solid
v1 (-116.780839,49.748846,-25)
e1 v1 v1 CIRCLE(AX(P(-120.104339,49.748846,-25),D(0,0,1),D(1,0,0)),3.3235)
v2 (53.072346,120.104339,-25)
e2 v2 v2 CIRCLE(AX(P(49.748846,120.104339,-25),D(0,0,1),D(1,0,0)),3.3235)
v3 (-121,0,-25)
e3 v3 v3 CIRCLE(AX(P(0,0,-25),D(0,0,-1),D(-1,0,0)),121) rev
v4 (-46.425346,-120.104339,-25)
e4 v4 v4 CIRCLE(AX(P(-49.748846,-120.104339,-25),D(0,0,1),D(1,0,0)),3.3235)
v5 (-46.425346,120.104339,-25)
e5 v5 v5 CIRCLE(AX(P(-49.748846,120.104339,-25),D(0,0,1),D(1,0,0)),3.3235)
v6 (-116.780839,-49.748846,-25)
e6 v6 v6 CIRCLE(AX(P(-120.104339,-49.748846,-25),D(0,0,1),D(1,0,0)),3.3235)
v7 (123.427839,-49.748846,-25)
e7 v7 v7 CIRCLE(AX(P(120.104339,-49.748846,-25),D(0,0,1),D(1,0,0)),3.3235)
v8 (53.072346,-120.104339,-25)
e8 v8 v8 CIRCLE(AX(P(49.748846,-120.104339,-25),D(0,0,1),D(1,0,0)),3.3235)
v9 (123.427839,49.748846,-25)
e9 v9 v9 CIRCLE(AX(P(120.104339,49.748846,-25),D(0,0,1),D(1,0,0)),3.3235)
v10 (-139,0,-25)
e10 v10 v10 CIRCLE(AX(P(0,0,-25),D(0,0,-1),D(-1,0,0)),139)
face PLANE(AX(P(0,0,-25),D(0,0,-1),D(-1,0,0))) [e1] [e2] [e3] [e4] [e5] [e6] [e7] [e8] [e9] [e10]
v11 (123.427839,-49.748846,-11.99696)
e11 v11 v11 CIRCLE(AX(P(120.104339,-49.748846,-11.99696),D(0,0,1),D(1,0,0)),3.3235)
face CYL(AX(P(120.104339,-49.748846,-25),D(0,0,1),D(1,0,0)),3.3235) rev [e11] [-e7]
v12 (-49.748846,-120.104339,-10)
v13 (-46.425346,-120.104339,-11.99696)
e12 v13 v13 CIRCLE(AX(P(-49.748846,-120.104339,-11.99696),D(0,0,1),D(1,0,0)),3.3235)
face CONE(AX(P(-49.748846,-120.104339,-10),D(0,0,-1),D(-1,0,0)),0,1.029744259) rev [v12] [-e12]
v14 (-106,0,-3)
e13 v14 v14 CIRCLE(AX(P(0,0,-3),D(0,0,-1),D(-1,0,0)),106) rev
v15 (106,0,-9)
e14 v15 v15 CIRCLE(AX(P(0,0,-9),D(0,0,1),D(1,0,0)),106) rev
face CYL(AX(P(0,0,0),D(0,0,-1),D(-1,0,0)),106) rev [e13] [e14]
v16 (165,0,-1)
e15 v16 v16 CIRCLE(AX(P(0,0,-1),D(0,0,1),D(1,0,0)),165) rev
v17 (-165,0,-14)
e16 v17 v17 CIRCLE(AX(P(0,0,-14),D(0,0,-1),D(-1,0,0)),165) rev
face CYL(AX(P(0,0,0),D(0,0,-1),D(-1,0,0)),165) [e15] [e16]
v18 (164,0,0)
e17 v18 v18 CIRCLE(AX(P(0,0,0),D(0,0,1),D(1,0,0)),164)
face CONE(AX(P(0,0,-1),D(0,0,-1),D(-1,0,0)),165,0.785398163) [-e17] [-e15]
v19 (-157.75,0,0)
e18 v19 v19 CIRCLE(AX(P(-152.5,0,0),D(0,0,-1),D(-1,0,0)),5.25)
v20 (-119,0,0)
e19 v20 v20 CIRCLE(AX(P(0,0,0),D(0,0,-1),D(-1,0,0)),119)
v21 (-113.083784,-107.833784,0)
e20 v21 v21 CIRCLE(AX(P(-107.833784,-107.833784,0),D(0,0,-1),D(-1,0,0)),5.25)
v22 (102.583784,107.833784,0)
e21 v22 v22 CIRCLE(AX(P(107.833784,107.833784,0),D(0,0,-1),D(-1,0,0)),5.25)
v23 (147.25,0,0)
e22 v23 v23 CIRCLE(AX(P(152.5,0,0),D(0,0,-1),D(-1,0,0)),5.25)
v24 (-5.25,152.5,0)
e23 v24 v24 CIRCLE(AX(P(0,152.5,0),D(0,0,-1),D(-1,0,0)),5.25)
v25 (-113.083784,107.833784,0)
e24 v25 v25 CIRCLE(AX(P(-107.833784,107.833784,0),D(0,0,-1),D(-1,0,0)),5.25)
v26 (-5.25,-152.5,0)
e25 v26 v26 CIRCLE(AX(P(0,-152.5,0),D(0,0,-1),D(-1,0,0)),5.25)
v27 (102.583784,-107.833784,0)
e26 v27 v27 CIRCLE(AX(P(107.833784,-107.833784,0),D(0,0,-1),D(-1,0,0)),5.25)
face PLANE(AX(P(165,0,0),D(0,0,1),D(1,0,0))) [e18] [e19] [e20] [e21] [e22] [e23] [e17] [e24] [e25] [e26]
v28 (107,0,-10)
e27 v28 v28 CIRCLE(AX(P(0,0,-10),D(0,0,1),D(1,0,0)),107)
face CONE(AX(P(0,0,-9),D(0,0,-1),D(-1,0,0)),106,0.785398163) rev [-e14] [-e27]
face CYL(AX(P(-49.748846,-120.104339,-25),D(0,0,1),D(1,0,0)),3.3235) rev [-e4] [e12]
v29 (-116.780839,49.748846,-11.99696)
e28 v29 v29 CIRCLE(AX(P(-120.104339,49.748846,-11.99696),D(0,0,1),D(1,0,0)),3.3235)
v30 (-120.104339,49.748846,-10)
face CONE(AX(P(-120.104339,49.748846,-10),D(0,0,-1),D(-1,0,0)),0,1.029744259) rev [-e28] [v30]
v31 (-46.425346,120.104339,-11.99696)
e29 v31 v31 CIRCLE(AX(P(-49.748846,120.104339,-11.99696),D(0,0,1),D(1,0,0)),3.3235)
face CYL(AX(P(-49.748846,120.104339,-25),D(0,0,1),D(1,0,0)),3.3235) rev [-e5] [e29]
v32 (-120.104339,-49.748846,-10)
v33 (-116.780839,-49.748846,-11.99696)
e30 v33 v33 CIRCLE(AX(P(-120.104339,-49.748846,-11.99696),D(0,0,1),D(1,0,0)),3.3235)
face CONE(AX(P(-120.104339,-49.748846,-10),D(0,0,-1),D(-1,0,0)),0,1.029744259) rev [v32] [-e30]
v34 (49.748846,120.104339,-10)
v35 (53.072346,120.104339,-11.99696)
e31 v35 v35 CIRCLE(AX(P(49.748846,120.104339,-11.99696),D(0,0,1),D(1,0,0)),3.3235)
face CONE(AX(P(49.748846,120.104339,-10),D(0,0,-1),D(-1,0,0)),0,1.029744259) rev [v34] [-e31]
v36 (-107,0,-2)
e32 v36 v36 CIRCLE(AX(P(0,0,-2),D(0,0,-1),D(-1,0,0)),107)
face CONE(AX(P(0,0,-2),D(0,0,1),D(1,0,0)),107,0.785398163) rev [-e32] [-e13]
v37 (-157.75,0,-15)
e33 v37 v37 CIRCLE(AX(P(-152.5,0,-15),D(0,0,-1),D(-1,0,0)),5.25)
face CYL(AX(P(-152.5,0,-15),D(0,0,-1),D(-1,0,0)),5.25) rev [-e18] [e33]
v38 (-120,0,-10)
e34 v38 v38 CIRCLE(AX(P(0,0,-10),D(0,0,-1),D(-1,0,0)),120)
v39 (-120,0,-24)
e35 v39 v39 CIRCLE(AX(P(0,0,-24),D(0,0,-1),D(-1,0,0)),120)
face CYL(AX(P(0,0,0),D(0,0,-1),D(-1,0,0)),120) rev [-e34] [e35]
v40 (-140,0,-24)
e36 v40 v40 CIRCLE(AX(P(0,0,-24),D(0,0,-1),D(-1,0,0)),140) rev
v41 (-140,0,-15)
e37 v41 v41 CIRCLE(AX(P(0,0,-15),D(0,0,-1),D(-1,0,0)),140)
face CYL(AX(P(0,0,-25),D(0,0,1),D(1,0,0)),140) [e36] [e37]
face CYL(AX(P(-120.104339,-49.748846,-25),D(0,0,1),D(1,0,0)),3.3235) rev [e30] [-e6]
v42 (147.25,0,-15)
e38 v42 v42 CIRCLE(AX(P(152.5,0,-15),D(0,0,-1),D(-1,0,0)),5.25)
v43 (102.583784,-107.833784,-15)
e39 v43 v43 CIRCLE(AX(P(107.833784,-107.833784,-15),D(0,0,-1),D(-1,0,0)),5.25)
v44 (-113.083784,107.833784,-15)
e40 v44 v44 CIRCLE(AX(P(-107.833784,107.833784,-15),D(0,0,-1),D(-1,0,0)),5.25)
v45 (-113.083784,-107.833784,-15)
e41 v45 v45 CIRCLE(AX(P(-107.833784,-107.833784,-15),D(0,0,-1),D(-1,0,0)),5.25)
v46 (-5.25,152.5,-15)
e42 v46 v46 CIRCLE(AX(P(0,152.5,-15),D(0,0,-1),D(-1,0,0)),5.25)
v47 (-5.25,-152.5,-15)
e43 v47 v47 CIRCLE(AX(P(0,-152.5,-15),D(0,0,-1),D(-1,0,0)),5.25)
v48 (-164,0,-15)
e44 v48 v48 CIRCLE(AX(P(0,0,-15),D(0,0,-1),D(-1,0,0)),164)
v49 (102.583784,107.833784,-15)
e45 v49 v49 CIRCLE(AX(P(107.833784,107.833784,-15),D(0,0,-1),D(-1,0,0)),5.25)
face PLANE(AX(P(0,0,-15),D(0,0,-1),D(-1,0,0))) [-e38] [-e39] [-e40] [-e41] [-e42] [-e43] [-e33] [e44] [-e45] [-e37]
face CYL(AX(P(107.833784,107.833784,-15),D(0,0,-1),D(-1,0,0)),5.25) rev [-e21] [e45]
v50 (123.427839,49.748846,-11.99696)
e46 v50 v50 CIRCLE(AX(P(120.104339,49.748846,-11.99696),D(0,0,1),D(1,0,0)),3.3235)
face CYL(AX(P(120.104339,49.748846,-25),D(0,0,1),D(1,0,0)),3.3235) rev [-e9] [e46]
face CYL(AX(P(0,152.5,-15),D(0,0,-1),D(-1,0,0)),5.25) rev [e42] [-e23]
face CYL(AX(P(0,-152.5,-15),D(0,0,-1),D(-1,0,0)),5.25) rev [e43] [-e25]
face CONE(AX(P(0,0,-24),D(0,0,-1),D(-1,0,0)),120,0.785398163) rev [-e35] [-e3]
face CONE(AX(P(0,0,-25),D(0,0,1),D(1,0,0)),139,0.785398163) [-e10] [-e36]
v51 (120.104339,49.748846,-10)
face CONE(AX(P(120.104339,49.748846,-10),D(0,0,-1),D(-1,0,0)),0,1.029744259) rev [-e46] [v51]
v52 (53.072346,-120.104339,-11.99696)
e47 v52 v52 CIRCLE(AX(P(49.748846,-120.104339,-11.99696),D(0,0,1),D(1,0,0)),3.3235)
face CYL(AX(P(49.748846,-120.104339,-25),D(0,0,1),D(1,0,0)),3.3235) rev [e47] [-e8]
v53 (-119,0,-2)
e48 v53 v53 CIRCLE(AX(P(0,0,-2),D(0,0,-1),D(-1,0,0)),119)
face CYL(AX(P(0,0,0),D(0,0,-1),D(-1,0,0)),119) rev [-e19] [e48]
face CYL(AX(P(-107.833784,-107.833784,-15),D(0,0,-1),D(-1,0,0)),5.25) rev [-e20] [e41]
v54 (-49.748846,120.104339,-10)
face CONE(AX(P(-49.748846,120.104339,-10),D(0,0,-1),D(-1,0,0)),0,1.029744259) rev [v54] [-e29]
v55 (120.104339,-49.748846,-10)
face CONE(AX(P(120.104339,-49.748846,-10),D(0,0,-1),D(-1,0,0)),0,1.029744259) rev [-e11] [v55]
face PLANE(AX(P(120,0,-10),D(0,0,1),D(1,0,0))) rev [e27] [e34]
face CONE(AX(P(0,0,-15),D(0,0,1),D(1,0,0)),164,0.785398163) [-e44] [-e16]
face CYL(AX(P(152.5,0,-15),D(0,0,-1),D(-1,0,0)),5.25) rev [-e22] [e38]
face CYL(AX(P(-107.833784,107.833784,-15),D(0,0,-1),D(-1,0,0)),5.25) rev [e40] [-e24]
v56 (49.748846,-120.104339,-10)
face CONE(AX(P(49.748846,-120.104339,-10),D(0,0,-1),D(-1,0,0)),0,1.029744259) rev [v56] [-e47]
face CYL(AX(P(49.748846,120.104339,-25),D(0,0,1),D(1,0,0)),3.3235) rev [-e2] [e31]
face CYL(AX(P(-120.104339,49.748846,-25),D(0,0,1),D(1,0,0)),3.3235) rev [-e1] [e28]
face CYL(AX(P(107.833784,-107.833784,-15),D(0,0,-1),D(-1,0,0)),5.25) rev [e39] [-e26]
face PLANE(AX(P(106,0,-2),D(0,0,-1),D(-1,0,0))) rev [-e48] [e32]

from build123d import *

# Parameters (mm, degrees)
SKETCH1_W                    = 165
SKETCH1_H                    = 15
SKETCH2_R                    = 140
BOSS_EXTRUDE1_DEPTH          = 10
F_10_5_10_5_DIAMETER_HOLE1_D = 10.5
CHAMFER1_SIZE                = 1


with BuildPart() as part:
    # Sketch1 → Revolve1 (revolve)
    with BuildSketch(Plane.XZ, mode=Mode.PRIVATE) as revolve1_sk:
        with Locations((82.5, -7.5)):
            Rectangle(SKETCH1_W, SKETCH1_H)
    revolve(revolve1_sk.sketch.rotate(Axis((0, 0, 0), (0, 0, -1)), 180), axis=Axis((0, 0, 0), (0, 0, -1)))

    # Sketch2 → Boss-Extrude1 (add)
    with BuildSketch(Plane(origin=(0, 0, -15), x_dir=(-1, 0, 0), z_dir=(0, 0, -1))):
        Circle(SKETCH2_R)
    extrude(amount=BOSS_EXTRUDE1_DEPTH)

    # Sketch3 → Cut-Revolve1 (revolve, cut)
    with BuildSketch(Plane.XZ, mode=Mode.PRIVATE) as cut_revolve1_sk:
        Polygon((119, 0), (0, 0), (0, -25), (120, -25), (120, -10), (106, -10), (106, -2), (119, -2), align=None)
    revolve(cut_revolve1_sk.sketch.rotate(Axis((0, 0, 0), (0, 0, -1)), 180), axis=Axis((0, 0, 0), (0, 0, -1)), mode=Mode.SUBTRACT)

    # Sketch4 → Cut-Revolve2 (revolve, cut)
    with BuildSketch(Plane(origin=(0, -49.748846207, 0), x_dir=(1, 0, 0), z_dir=(0, 1, 0)), mode=Mode.PRIVATE) as cut_revolve2_sk:
        Polygon((-116.780839226, 25), (-120.104339226, 25), (-120.104339226, 10), (-116.780839226, 11.996960267), (-116.780839226, 15), align=None)
    revolve(cut_revolve2_sk.sketch.rotate(Axis((-120.104339226, -49.748846207, -25), (0, 0, 1)), 180), axis=Axis((-120.104339226, -49.748846207, -25), (0, 0, 1)), mode=Mode.SUBTRACT)

    # Sketch5 → Cut-Revolve3 (revolve, cut)
    with BuildSketch(Plane(origin=(0, -120.104339226, 0), x_dir=(1, 0, 0), z_dir=(0, 1, 0)), mode=Mode.PRIVATE) as cut_revolve3_sk:
        Polygon((-46.425346207, 25), (-49.748846207, 25), (-49.748846207, 10), (-46.425346207, 11.996960267), (-46.425346207, 15), align=None)
    revolve(cut_revolve3_sk.sketch.rotate(Axis((-49.748846207, -120.104339226, -25), (0, 0, 1)), 180), axis=Axis((-49.748846207, -120.104339226, -25), (0, 0, 1)), mode=Mode.SUBTRACT)

    # Sketch6 → Cut-Revolve4 (revolve, cut)
    with BuildSketch(Plane(origin=(0, -120.104339226, 0), x_dir=(1, 0, 0), z_dir=(0, 1, 0)), mode=Mode.PRIVATE) as cut_revolve4_sk:
        Polygon((53.072346207, 25), (49.748846207, 25), (49.748846207, 10), (53.072346207, 11.996960267), (53.072346207, 15), align=None)
    revolve(cut_revolve4_sk.sketch.rotate(Axis((49.748846207, -120.104339226, -25), (0, 0, 1)), 180), axis=Axis((49.748846207, -120.104339226, -25), (0, 0, 1)), mode=Mode.SUBTRACT)

    # Sketch7 → Cut-Revolve5 (revolve, cut)
    with BuildSketch(Plane(origin=(0, -49.748846207, 0), x_dir=(1, 0, 0), z_dir=(0, 1, 0)), mode=Mode.PRIVATE) as cut_revolve5_sk:
        Polygon((123.427839226, 25), (120.104339226, 25), (120.104339226, 10), (123.427839226, 11.996960267), (123.427839226, 15), align=None)
    revolve(cut_revolve5_sk.sketch.rotate(Axis((120.104339226, -49.748846207, -25), (0, 0, 1)), 180), axis=Axis((120.104339226, -49.748846207, -25), (0, 0, 1)), mode=Mode.SUBTRACT)

    # Sketch8 → Cut-Revolve6 (revolve, cut)
    with BuildSketch(Plane(origin=(0, 49.748846207, 0), x_dir=(1, 0, 0), z_dir=(0, 1, 0)), mode=Mode.PRIVATE) as cut_revolve6_sk:
        Polygon((123.427839226, 25), (120.104339226, 25), (120.104339226, 10), (123.427839226, 11.996960267), (123.427839226, 15), align=None)
    revolve(cut_revolve6_sk.sketch.rotate(Axis((120.104339226, 49.748846207, -25), (0, 0, 1)), 180), axis=Axis((120.104339226, 49.748846207, -25), (0, 0, 1)), mode=Mode.SUBTRACT)

    # Sketch9 → Cut-Revolve7 (revolve, cut)
    with BuildSketch(Plane(origin=(0, 120.104339226, 0), x_dir=(1, 0, 0), z_dir=(0, 1, 0)), mode=Mode.PRIVATE) as cut_revolve7_sk:
        Polygon((53.072346207, 25), (49.748846207, 25), (49.748846207, 10), (53.072346207, 11.996960267), (53.072346207, 15), align=None)
    revolve(cut_revolve7_sk.sketch.rotate(Axis((49.748846207, 120.104339226, -25), (0, 0, 1)), 180), axis=Axis((49.748846207, 120.104339226, -25), (0, 0, 1)), mode=Mode.SUBTRACT)

    # Sketch10 → Cut-Revolve8 (revolve, cut)
    with BuildSketch(Plane(origin=(0, 120.104339226, 0), x_dir=(1, 0, 0), z_dir=(0, 1, 0)), mode=Mode.PRIVATE) as cut_revolve8_sk:
        Polygon((-46.425346207, 25), (-49.748846207, 25), (-49.748846207, 10), (-46.425346207, 11.996960267), (-46.425346207, 15), align=None)
    revolve(cut_revolve8_sk.sketch.rotate(Axis((-49.748846207, 120.104339226, -25), (0, 0, 1)), 180), axis=Axis((-49.748846207, 120.104339226, -25), (0, 0, 1)), mode=Mode.SUBTRACT)

    # Sketch11 → Cut-Revolve9 (revolve, cut)
    with BuildSketch(Plane(origin=(0, 49.748846207, 0), x_dir=(1, 0, 0), z_dir=(0, 1, 0)), mode=Mode.PRIVATE) as cut_revolve9_sk:
        Polygon((-116.780839226, 25), (-120.104339226, 25), (-120.104339226, 10), (-116.780839226, 11.996960267), (-116.780839226, 15), align=None)
    revolve(cut_revolve9_sk.sketch.rotate(Axis((-120.104339226, 49.748846207, -25), (0, 0, 1)), 180), axis=Axis((-120.104339226, 49.748846207, -25), (0, 0, 1)), mode=Mode.SUBTRACT)

    # Ø10.5 (10.5) Diameter Hole1 (through all)
    with Locations(Plane(origin=(0, 0, -15), x_dir=(-1, 0, 0), z_dir=(0, 0, -1))):
        with Locations((152.5, 0), (107.833784131, -107.833784131), (0, -152.5), (-107.833784131, -107.833784131), (-152.5, 0), (-107.833784131, 107.833784131), (0, 152.5), (107.833784131, 107.833784131)):
            Hole(F_10_5_10_5_DIAMETER_HOLE1_D / 2)

    # Chamfer1
    chamfer1_edges = [part.edges().sort_by_distance(p)[0] for p in [
        (140, 0, -25),
        (120, 0, -25),
        (106, 0, -10),
        (106, 0, -2),
        (165, 0, -15),
        (165, 0, 0),
    ]]
    chamfer(chamfer1_edges, length=CHAMFER1_SIZE)


solid = part.part
